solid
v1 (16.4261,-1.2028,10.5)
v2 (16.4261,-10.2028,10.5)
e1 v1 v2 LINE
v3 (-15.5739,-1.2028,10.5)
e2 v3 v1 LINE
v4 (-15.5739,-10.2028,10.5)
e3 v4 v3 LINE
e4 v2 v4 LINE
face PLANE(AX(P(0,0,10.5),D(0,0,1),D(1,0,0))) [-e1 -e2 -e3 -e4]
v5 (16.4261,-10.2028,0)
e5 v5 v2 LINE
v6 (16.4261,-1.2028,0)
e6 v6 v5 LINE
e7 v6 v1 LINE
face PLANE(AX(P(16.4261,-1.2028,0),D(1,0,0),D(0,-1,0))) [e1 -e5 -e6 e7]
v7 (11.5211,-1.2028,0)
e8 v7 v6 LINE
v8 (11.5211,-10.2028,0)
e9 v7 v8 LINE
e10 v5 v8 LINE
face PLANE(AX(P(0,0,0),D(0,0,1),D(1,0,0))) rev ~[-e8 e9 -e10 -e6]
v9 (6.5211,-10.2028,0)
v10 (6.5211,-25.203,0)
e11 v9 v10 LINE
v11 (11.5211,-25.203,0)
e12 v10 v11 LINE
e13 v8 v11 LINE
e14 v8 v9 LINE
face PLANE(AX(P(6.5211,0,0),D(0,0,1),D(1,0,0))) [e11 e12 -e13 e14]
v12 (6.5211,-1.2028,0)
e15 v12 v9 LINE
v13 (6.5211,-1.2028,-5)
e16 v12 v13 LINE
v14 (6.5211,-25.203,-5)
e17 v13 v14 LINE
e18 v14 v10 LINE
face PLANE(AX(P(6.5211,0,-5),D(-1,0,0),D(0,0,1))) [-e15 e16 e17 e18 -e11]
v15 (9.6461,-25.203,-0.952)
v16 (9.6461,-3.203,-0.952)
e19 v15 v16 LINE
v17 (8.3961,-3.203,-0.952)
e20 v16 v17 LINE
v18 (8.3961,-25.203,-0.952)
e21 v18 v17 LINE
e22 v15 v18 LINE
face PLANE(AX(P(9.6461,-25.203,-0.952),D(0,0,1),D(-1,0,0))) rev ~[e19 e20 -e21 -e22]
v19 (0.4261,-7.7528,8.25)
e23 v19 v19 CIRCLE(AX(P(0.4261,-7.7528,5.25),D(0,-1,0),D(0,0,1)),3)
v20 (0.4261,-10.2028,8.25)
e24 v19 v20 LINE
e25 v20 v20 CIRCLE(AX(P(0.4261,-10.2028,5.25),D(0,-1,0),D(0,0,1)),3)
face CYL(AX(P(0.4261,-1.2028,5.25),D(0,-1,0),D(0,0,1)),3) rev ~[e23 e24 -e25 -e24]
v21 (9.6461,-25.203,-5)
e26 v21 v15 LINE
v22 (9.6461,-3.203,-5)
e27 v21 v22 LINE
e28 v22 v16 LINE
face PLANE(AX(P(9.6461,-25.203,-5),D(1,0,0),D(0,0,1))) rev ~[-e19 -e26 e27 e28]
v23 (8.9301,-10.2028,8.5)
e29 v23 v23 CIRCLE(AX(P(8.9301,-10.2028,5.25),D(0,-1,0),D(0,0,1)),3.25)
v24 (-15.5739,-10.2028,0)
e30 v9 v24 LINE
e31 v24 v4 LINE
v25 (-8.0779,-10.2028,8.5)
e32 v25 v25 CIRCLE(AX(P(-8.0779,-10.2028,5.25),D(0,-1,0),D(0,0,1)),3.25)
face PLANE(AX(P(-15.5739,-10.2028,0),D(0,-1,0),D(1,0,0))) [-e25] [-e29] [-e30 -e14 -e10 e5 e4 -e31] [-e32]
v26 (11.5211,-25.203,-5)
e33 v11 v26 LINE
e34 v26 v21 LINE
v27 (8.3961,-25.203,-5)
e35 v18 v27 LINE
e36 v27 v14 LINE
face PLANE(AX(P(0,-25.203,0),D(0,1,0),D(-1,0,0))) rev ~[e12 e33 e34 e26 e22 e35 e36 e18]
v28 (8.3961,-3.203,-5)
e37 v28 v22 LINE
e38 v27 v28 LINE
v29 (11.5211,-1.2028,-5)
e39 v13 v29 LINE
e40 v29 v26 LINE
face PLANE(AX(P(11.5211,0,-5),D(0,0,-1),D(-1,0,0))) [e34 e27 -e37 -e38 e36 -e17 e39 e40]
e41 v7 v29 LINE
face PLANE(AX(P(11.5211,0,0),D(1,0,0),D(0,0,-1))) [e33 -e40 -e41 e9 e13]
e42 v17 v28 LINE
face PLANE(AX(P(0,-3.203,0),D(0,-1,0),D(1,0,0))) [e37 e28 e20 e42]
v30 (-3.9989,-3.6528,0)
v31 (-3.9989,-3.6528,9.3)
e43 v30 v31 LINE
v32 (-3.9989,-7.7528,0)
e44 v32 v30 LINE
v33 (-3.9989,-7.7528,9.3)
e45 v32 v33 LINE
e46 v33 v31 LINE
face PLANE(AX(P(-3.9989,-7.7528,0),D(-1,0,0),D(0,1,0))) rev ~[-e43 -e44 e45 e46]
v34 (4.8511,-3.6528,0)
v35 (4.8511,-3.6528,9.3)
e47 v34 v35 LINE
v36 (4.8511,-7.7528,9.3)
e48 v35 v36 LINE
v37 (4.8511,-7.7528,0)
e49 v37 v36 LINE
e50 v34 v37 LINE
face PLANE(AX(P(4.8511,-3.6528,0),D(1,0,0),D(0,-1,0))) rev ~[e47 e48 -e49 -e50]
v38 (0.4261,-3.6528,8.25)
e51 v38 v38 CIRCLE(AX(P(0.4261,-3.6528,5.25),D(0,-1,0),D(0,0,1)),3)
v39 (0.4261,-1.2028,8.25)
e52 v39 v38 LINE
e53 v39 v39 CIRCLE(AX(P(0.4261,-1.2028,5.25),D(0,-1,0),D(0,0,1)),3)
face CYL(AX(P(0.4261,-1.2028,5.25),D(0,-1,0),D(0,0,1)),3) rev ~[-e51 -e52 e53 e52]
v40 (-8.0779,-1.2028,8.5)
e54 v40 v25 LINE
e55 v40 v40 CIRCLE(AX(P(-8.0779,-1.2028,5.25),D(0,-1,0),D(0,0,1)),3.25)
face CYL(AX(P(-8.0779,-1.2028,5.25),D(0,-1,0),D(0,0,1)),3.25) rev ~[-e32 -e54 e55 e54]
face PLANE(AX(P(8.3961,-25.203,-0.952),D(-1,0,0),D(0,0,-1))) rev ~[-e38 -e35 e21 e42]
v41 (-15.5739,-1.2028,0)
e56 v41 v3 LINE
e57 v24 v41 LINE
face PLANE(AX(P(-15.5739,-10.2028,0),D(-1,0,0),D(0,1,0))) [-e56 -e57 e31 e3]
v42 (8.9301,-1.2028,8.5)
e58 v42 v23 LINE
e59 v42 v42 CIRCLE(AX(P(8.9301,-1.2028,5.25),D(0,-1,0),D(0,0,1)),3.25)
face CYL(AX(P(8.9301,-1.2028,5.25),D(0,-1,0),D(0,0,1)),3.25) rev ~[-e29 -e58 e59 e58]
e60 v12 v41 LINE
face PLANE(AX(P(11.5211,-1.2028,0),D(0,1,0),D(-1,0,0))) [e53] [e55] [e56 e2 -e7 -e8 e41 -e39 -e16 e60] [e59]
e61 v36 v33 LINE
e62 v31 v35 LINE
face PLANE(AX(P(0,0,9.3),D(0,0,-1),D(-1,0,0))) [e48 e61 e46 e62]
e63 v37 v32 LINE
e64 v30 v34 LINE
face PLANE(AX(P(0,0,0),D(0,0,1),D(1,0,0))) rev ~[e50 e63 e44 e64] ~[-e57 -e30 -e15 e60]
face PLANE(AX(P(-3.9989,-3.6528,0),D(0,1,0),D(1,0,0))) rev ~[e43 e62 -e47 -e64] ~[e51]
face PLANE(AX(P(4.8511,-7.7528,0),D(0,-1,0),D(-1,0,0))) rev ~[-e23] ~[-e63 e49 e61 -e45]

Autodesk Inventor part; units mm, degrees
ref_plane "YZ Plane" through (0, 0, 0) normal (1, 0, 0) x (0, 1, 0)
ref_plane "XZ Plane" through (0, 0, 0) normal (0, 1, 0) x (-1, 0, 0)
ref_plane "XY Plane" through (0, 0, 0) normal (0, 0, 1) x (1, 0, 0)
sketch "Skizze1" plane through (0, 0, 0) normal (0, 0, 1) x (1, 0, 0)
  point P0 (0, 0)
sketch "Skizze2" plane through (0, 0, 0) normal (0, 0, 1) x (1, 0, 0)
  line L0 (-15.5739, -1.2028) -> (16.4261, -1.2028)
  line L1 (16.4261, -1.2028) -> (16.4261, -10.2028)
  line L2 (16.4261, -10.2028) -> (-15.5739, -10.2028)
  line L3 (-15.5739, -10.2028) -> (-15.5739, -1.2028)
  point P0 (0, 0)
  dimension "d0" = 32
  dimension "d1" = 9
extrude "Extrusion1" add sketch "Skizze2" along normal blind 10.5
sketch "Skizze3" plane through (16.4261, -10.2028, 0) normal (1, 0, 0) x (0, 0, -1)
  point P0 (0, 10.2028)
sketch "Skizze4" plane through (-15.5739, -1.2028, 0) normal (0, 1, 0) x (1, 0, 0)
  line L0 (0, 0) -> (0, -10.5) projected
  line L1 (0, 0) -> (32, 0) projected
  point P0 (15.5739, 0)
  point P1 (16, -5.25)
  point P2 (7.496, -5.25)
  point P3 (24.504, -5.25)
  dimension "d4" = 8.504
  dimension "d5" = 8.504
  dimension "d6" = 16
  dimension "d14" = 5.25
  dimension "d15" = 5.25
sketch "Skizze5" plane through (0, 0, 0) normal (0, 0, -1) x (-1, 0, 0)
  point P0 (0, 0)
sketch "Skizze6" plane through (0, 0, 0) normal (0, 0, -1) x (-1, 0, 0)
  line L0 (-4.8511, -7.7528) -> (3.9989, -7.7528)
  line L1 (3.9989, -7.7528) -> (3.9989, -3.6528)
  line L2 (3.9989, -3.6528) -> (-4.8511, -3.6528)
  line L3 (-4.8511, -3.6528) -> (-4.8511, -7.7528)
  line L4 (-16.4261, -10.2028) -> (15.5739, -10.2028) projected
  line L5 (15.5739, -10.2028) -> (15.5739, -1.2028) projected
  point P0 (0, 0)
  dimension "d16" = 8.85
  dimension "d17" = 4.1
  dimension "d18" = 2.45
  dimension "d19" = 11.575
extrude "Extrusion2" cut sketch "Skizze6" against normal blind 9.3
sketch "Skizze7" plane through (-15.5739, -10.2028, 0) normal (0, -1, 0) x (1, 0, 0)
  point P0 (15.5739, 0)
sketch "Skizze8" plane through (0, 0, 0) normal (0, 0, -1) x (-1, 0, 0)
  point P0 (0, 0)
sketch "Skizze9" plane through (-15.5739, -10.2028, 0) normal (0, -1, 0) x (1, 0, 0)
  line L0 (0, 0) -> (32, 0) projected
  line L1 (4.9045, 0) -> (9.9045, 0)
  line L2 (9.9045, 0) -> (9.9045, 1.2)
  line L3 (9.9045, 1.2) -> (4.9045, 1.2)
  line L4 (4.9045, 1.2) -> (4.9045, 0)
  point P0 (15.5739, 0)
  dimension "d22" = 1.2
  dimension "d23" = 5
extrude "Extrusion3" add sketch "Skizze9" along normal blind 15
sketch "Skizze10" plane through (0, 0, 0) normal (0, 0, -1) x (-1, 0, 0)
  line L0 (5.6694, -25.2028) -> (10.6694, -25.2028) projected
  line L1 (15.5739, -1.2028) -> (-16.4261, -1.2028) projected
  line L2 (10.6694, -25.2028) -> (5.6694, -25.2028)
  line L3 (5.6694, -25.2028) -> (5.6694, -1.2028)
  line L4 (5.6694, -1.2028) -> (10.6694, -1.2028)
  line L5 (10.6694, -1.2028) -> (10.6694, -25.2028)
  point P0 (0, 0)
  dimension "d26" = 5
extrude "Extrusion4" add sketch "Skizze10" along normal blind 5
sketch "Skizze11" plane through (-15.5739, -25.2028, 0) normal (0, -1, 0) x (1, 0, 0)
  line L0 (4.9045, -5) -> (9.9045, -5) projected
  line L1 (6.7795, -5) -> (8.0295, -5)
  line L2 (8.0295, -5) -> (8.0295, -0.9525)
  line L3 (8.0295, -0.9525) -> (6.7795, -0.9525)
  line L4 (6.7795, -0.9525) -> (6.7795, -5)
  line L5 (9.9045, 1.2) -> (9.9045, -5) projected
  point P0 (15.5739, 0)
  dimension "d29" = 1.25
  dimension "d30" = 1.875
  dimension "d31" = 4.0475
extrude "Extrusion5" cut sketch "Skizze11" against normal blind 22
sketch "Skizze12" plane through (-15.5739, -25.2028, 0) normal (0, -1, 0) x (1, 0, 0)
  line L0 (9.9045, 1.2) -> (9.9045, 0) projected
  line L1 (4.9045, 0) -> (4.9045, 1.2) projected
  line L2 (9.9045, 1.2) -> (4.9045, 1.2)
  line L3 (4.9045, 1.2) -> (4.9045, 0)
  line L4 (4.9045, 0) -> (9.9045, 0)
  line L5 (9.9045, 0) -> (9.9045, 1.2)
  point P0 (15.5739, 0)
extrude "Extrusion6" cut sketch "Skizze12" against normal blind 15
sketch "Skizze13" plane through (0, 0, 0) normal (0, 1, 0) x (-1, 0, 0)
  line L0 (5.6694, 0) -> (-16.4261, 0) projected
  line L1 (-6.5211, 0) -> (-11.5211, 0)
  line L2 (-11.5211, 0) -> (-11.5211, -5)
  line L3 (-11.5211, -5) -> (-6.5211, -5)
  line L4 (-6.5211, -5) -> (-6.5211, 0)
  line L5 (-16.4261, 0) -> (-16.4261, 10.5) projected
  point P0 (0, 0)
  dimension "d36" = 5
  dimension "d37" = 5
  dimension "d38" = 4.905
extrude "Extrusion7" add sketch "Skizze13" against normal blind 25.203
sketch "Skizze14" plane through (6.5211, 0, 0) normal (0, 0, 1) x (1, 0, 0)
  line L0 (5, -1.2028) -> (9.905, -1.2028) projected
  line L1 (0, 0) -> (0, -25.203) projected
  line L2 (5, -1.2028) -> (0, -1.2028)
  line L3 (0, -1.2028) -> (0, 0)
  line L4 (0, 0) -> (5, 0)
  line L5 (5, 0) -> (5, -1.2028)
  point P0 (-6.5211, 0)
extrude "Extrusion8" cut sketch "Skizze14" against normal blind 25
sketch "Skizze15" plane through (0, -25.203, 0) normal (0, -1, 0) x (1, 0, 0)
  line L0 (6.5211, -5) -> (11.5211, -5) projected
  line L1 (8.3961, -5) -> (9.6461, -5)
  line L2 (9.6461, -5) -> (9.6461, -0.952)
  line L3 (9.6461, -0.952) -> (8.3961, -0.952)
  line L4 (8.3961, -0.952) -> (8.3961, -5)
  line L5 (11.5211, -5) -> (11.5211, 0) projected
  point P0 (0, 0)
  dimension "d43" = 1.25
  dimension "d44" = 4.048
  dimension "d45" = 1.875
extrude "Extrusion9" cut sketch "Skizze15" against normal blind 22
sketch "Skizze16" plane through (-15.5739, -25.2028, 0) normal (0, -1, 0) x (1, 0, 0)
  line L0 (0, 0) -> (4.9045, 0) projected
  line L1 (4.9045, -5) -> (9.9045, -5) projected
  line L2 (4.9045, 0) -> (9.9045, 0)
  line L3 (9.9045, 0) -> (9.9045, -5)
  line L4 (9.9045, -5) -> (4.9045, -5)
  line L5 (4.9045, -5) -> (4.9045, 0)
  point P0 (15.5739, 0)
extrude "Extrusion10" cut sketch "Skizze16" against normal blind 25
hole "Bohrung2" at (0.4261, -1.2028, 5.25) direction (0, -1, 0) diameter 6 end through all
hole "Bohrung3" at (-8.0779, -1.2028, 5.25) at (8.9301, -1.2028, 5.25) direction (0, -1, 0) diameter 6.5 end through all
properties part number "Objektträgerhalter 2afinal"
